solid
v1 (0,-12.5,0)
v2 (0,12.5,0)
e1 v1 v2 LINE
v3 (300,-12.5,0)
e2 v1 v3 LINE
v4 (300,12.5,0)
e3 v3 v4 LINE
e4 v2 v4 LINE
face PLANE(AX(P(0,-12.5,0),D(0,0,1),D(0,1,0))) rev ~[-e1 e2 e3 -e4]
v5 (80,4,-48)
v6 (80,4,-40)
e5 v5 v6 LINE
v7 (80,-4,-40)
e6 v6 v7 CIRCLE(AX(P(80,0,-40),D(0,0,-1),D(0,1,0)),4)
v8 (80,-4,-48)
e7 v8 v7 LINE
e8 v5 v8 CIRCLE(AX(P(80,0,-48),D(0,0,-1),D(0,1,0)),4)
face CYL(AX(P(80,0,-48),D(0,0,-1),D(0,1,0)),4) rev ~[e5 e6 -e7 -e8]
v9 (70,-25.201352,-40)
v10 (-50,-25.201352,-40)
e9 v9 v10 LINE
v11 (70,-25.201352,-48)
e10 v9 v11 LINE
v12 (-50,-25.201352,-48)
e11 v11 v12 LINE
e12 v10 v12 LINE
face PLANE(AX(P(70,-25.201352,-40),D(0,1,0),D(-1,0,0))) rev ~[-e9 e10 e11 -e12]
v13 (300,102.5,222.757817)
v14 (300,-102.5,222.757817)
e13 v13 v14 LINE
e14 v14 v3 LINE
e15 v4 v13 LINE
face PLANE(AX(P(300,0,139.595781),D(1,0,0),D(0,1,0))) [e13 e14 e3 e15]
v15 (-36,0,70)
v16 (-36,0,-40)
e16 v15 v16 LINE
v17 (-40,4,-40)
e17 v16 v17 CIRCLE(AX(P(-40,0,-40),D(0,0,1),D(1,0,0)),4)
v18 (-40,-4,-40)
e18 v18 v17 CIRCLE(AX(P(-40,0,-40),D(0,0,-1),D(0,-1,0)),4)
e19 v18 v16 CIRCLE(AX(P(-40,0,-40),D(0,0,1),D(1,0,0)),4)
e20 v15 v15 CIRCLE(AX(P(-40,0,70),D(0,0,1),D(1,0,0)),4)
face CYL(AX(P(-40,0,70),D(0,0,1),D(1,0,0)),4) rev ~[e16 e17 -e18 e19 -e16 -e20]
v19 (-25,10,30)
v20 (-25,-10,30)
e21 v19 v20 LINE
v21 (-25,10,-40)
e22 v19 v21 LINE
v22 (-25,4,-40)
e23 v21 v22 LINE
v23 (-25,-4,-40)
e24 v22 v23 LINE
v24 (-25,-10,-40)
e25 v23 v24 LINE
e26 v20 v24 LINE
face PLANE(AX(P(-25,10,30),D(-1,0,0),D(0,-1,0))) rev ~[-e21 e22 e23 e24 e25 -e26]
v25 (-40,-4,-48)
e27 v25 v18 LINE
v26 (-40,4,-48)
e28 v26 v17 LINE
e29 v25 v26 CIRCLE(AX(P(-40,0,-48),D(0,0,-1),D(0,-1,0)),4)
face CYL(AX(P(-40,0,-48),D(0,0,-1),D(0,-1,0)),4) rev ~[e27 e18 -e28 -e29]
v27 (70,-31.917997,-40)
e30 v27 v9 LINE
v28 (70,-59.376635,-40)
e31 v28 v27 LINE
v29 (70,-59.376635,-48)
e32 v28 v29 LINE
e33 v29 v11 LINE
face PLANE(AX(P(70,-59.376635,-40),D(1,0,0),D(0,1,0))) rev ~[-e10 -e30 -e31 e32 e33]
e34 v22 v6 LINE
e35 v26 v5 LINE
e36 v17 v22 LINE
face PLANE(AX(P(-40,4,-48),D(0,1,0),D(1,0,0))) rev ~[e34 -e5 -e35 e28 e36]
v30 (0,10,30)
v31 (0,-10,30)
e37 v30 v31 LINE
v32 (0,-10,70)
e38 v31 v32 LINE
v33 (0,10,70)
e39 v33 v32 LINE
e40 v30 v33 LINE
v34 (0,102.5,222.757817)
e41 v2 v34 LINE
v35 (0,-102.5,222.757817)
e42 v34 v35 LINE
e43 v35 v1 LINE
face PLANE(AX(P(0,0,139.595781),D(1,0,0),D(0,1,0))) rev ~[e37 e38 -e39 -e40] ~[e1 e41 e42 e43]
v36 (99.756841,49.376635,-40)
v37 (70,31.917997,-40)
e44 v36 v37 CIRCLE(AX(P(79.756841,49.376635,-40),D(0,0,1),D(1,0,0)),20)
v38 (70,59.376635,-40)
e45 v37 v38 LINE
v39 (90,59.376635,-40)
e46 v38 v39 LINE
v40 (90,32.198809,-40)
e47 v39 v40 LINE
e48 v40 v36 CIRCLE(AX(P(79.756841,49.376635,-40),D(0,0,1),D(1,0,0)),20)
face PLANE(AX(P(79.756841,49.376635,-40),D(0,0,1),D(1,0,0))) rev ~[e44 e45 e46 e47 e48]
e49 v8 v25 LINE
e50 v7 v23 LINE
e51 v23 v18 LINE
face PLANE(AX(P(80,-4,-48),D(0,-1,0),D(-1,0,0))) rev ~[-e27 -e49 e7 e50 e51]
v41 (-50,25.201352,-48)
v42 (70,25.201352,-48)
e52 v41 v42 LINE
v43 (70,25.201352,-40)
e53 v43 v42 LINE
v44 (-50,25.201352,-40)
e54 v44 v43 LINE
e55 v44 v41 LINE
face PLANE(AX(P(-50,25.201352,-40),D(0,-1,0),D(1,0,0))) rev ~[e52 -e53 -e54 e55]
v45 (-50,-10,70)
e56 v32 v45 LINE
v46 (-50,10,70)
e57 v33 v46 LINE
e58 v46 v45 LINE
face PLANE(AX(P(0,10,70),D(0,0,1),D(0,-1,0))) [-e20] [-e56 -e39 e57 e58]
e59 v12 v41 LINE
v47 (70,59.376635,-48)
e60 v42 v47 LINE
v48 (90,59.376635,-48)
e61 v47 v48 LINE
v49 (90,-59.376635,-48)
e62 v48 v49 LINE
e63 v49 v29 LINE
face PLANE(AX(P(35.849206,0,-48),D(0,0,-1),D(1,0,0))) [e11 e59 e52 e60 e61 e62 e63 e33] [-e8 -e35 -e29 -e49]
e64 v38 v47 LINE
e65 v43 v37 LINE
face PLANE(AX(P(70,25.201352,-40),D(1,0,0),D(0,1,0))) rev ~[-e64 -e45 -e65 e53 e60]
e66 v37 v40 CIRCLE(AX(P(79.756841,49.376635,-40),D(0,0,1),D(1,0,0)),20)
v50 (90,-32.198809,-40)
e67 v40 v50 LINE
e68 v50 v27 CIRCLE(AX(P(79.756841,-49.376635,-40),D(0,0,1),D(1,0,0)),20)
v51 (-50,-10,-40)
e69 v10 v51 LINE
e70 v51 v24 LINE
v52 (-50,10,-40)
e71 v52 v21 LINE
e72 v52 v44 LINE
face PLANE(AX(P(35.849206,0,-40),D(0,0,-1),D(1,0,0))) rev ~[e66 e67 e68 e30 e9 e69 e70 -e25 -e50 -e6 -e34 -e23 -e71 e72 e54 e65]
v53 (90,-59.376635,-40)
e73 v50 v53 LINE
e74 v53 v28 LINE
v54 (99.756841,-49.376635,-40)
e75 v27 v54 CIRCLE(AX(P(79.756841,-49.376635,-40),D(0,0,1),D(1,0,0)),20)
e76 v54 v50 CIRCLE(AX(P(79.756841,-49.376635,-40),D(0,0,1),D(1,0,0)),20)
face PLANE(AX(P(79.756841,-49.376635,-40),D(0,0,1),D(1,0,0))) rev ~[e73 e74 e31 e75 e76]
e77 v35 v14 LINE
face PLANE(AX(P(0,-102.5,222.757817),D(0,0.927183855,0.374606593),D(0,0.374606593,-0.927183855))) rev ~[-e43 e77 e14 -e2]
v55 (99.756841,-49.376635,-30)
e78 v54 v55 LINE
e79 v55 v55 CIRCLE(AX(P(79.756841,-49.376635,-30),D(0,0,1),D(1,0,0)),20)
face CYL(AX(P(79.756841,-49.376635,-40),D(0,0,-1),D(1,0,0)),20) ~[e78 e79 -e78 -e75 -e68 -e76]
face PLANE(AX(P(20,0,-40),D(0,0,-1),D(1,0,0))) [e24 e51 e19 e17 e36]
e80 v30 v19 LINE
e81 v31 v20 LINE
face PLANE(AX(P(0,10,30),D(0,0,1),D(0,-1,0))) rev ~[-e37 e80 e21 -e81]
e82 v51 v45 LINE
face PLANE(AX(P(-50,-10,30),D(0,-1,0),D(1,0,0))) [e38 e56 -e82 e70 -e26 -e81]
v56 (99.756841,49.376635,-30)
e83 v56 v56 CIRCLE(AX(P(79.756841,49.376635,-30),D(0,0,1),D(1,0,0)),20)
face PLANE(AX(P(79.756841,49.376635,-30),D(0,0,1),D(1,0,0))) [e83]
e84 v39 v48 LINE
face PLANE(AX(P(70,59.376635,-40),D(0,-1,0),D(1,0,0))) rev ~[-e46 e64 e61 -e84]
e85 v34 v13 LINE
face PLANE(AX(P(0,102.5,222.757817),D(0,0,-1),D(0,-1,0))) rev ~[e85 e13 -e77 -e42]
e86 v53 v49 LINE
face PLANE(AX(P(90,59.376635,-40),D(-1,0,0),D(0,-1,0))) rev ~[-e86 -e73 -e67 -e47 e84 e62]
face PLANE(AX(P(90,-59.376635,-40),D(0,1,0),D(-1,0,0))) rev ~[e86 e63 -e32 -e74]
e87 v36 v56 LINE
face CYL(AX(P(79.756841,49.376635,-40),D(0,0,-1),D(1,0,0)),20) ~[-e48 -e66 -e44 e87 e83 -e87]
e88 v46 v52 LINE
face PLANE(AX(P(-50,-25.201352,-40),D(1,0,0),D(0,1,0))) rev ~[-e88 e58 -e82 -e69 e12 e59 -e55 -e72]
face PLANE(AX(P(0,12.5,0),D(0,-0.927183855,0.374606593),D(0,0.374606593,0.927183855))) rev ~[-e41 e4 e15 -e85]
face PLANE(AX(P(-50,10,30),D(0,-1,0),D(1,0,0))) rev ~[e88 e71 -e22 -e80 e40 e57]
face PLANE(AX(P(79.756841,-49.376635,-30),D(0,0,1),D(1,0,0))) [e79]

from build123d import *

# Parameters (mm, degrees)
F1_DEPTH  = 300
F2_W      = 20
F2_H      = 40
F3_DEPTH  = 50
F5_W      = 25
F5_H      = 20
F6_DEPTH  = 70
F7_R      = 4
F8_DEPTH  = 120
F10_DEPTH = 8
F11_R     = 20
F12_DEPTH = 10
F14_DEPTH = 8


with BuildPart() as f1:
    # F0 (on Right) → F1 (new body)
    with BuildSketch(Plane.YZ):
        Polygon((0, 222.757817), (-102.5, 222.757817), (-12.5, 0), (0, 0), (12.5, 0), (102.5, 222.757817), align=None)
    extrude(amount=F1_DEPTH)

    # F2 (on face) → F3 (join)
    with BuildSketch(Plane(origin=(0, 0, 0), x_dir=(0, -1, 0), z_dir=(-1, 0, 0))):
        with Locations((0, 50)):
            Rectangle(F2_W, F2_H)
    extrude(amount=F3_DEPTH)

    # F5 (on face) → F6 (join)
    with BuildSketch(Plane(origin=(0, 0, 30), x_dir=(1, 0, 0), z_dir=(0, 0, -1))):
        with Locations((-37.5, 0)):
            Rectangle(F5_W, F5_H)
    extrude(amount=F6_DEPTH)

    # F7 (on face) → F8 (cut)
    with BuildSketch(Plane.XY.offset(70)):
        with Locations((-40, 0)):
            Circle(F7_R)
    extrude(amount=-F8_DEPTH, mode=Mode.SUBTRACT)

    # F9 (on face) → F10 (join)
    with BuildSketch(Plane(origin=(0, 0, -40), x_dir=(1, 0, 0), z_dir=(0, 0, -1))):
        Polygon((-50, 0), (-50, -25.201352), (70, -25.201352), (70, -59.376635), (90, -59.376635), (90, 0), (90, 59.376635), (70, 59.376635), (70, 25.201352), (-50, 25.201352), align=None)
    extrude(amount=F10_DEPTH)

    # F11 (on face) → F12 (join)
    with BuildSketch(Plane.XY.offset(-40)):
        with Locations((79.756841, -49.376635)):
            Circle(F11_R)
        with Locations((79.756841, 49.376635)):
            Circle(F11_R)
    extrude(amount=F12_DEPTH)

    # F13 (on face) → F14 (cut)
    with BuildSketch(Plane(origin=(0, 0, -48), x_dir=(1, 0, 0), z_dir=(0, 0, -1))):
        with BuildLine():
            ThreePointArc((80, -4), (84, 0), (80, 4))
            Line((80, 4), (-40, 4))
            ThreePointArc((-40, 4), (-44, 0), (-40, -4))
            Line((-40, -4), (80, -4))
        make_face()
    extrude(amount=-F14_DEPTH, mode=Mode.SUBTRACT)


solid = f1.part
